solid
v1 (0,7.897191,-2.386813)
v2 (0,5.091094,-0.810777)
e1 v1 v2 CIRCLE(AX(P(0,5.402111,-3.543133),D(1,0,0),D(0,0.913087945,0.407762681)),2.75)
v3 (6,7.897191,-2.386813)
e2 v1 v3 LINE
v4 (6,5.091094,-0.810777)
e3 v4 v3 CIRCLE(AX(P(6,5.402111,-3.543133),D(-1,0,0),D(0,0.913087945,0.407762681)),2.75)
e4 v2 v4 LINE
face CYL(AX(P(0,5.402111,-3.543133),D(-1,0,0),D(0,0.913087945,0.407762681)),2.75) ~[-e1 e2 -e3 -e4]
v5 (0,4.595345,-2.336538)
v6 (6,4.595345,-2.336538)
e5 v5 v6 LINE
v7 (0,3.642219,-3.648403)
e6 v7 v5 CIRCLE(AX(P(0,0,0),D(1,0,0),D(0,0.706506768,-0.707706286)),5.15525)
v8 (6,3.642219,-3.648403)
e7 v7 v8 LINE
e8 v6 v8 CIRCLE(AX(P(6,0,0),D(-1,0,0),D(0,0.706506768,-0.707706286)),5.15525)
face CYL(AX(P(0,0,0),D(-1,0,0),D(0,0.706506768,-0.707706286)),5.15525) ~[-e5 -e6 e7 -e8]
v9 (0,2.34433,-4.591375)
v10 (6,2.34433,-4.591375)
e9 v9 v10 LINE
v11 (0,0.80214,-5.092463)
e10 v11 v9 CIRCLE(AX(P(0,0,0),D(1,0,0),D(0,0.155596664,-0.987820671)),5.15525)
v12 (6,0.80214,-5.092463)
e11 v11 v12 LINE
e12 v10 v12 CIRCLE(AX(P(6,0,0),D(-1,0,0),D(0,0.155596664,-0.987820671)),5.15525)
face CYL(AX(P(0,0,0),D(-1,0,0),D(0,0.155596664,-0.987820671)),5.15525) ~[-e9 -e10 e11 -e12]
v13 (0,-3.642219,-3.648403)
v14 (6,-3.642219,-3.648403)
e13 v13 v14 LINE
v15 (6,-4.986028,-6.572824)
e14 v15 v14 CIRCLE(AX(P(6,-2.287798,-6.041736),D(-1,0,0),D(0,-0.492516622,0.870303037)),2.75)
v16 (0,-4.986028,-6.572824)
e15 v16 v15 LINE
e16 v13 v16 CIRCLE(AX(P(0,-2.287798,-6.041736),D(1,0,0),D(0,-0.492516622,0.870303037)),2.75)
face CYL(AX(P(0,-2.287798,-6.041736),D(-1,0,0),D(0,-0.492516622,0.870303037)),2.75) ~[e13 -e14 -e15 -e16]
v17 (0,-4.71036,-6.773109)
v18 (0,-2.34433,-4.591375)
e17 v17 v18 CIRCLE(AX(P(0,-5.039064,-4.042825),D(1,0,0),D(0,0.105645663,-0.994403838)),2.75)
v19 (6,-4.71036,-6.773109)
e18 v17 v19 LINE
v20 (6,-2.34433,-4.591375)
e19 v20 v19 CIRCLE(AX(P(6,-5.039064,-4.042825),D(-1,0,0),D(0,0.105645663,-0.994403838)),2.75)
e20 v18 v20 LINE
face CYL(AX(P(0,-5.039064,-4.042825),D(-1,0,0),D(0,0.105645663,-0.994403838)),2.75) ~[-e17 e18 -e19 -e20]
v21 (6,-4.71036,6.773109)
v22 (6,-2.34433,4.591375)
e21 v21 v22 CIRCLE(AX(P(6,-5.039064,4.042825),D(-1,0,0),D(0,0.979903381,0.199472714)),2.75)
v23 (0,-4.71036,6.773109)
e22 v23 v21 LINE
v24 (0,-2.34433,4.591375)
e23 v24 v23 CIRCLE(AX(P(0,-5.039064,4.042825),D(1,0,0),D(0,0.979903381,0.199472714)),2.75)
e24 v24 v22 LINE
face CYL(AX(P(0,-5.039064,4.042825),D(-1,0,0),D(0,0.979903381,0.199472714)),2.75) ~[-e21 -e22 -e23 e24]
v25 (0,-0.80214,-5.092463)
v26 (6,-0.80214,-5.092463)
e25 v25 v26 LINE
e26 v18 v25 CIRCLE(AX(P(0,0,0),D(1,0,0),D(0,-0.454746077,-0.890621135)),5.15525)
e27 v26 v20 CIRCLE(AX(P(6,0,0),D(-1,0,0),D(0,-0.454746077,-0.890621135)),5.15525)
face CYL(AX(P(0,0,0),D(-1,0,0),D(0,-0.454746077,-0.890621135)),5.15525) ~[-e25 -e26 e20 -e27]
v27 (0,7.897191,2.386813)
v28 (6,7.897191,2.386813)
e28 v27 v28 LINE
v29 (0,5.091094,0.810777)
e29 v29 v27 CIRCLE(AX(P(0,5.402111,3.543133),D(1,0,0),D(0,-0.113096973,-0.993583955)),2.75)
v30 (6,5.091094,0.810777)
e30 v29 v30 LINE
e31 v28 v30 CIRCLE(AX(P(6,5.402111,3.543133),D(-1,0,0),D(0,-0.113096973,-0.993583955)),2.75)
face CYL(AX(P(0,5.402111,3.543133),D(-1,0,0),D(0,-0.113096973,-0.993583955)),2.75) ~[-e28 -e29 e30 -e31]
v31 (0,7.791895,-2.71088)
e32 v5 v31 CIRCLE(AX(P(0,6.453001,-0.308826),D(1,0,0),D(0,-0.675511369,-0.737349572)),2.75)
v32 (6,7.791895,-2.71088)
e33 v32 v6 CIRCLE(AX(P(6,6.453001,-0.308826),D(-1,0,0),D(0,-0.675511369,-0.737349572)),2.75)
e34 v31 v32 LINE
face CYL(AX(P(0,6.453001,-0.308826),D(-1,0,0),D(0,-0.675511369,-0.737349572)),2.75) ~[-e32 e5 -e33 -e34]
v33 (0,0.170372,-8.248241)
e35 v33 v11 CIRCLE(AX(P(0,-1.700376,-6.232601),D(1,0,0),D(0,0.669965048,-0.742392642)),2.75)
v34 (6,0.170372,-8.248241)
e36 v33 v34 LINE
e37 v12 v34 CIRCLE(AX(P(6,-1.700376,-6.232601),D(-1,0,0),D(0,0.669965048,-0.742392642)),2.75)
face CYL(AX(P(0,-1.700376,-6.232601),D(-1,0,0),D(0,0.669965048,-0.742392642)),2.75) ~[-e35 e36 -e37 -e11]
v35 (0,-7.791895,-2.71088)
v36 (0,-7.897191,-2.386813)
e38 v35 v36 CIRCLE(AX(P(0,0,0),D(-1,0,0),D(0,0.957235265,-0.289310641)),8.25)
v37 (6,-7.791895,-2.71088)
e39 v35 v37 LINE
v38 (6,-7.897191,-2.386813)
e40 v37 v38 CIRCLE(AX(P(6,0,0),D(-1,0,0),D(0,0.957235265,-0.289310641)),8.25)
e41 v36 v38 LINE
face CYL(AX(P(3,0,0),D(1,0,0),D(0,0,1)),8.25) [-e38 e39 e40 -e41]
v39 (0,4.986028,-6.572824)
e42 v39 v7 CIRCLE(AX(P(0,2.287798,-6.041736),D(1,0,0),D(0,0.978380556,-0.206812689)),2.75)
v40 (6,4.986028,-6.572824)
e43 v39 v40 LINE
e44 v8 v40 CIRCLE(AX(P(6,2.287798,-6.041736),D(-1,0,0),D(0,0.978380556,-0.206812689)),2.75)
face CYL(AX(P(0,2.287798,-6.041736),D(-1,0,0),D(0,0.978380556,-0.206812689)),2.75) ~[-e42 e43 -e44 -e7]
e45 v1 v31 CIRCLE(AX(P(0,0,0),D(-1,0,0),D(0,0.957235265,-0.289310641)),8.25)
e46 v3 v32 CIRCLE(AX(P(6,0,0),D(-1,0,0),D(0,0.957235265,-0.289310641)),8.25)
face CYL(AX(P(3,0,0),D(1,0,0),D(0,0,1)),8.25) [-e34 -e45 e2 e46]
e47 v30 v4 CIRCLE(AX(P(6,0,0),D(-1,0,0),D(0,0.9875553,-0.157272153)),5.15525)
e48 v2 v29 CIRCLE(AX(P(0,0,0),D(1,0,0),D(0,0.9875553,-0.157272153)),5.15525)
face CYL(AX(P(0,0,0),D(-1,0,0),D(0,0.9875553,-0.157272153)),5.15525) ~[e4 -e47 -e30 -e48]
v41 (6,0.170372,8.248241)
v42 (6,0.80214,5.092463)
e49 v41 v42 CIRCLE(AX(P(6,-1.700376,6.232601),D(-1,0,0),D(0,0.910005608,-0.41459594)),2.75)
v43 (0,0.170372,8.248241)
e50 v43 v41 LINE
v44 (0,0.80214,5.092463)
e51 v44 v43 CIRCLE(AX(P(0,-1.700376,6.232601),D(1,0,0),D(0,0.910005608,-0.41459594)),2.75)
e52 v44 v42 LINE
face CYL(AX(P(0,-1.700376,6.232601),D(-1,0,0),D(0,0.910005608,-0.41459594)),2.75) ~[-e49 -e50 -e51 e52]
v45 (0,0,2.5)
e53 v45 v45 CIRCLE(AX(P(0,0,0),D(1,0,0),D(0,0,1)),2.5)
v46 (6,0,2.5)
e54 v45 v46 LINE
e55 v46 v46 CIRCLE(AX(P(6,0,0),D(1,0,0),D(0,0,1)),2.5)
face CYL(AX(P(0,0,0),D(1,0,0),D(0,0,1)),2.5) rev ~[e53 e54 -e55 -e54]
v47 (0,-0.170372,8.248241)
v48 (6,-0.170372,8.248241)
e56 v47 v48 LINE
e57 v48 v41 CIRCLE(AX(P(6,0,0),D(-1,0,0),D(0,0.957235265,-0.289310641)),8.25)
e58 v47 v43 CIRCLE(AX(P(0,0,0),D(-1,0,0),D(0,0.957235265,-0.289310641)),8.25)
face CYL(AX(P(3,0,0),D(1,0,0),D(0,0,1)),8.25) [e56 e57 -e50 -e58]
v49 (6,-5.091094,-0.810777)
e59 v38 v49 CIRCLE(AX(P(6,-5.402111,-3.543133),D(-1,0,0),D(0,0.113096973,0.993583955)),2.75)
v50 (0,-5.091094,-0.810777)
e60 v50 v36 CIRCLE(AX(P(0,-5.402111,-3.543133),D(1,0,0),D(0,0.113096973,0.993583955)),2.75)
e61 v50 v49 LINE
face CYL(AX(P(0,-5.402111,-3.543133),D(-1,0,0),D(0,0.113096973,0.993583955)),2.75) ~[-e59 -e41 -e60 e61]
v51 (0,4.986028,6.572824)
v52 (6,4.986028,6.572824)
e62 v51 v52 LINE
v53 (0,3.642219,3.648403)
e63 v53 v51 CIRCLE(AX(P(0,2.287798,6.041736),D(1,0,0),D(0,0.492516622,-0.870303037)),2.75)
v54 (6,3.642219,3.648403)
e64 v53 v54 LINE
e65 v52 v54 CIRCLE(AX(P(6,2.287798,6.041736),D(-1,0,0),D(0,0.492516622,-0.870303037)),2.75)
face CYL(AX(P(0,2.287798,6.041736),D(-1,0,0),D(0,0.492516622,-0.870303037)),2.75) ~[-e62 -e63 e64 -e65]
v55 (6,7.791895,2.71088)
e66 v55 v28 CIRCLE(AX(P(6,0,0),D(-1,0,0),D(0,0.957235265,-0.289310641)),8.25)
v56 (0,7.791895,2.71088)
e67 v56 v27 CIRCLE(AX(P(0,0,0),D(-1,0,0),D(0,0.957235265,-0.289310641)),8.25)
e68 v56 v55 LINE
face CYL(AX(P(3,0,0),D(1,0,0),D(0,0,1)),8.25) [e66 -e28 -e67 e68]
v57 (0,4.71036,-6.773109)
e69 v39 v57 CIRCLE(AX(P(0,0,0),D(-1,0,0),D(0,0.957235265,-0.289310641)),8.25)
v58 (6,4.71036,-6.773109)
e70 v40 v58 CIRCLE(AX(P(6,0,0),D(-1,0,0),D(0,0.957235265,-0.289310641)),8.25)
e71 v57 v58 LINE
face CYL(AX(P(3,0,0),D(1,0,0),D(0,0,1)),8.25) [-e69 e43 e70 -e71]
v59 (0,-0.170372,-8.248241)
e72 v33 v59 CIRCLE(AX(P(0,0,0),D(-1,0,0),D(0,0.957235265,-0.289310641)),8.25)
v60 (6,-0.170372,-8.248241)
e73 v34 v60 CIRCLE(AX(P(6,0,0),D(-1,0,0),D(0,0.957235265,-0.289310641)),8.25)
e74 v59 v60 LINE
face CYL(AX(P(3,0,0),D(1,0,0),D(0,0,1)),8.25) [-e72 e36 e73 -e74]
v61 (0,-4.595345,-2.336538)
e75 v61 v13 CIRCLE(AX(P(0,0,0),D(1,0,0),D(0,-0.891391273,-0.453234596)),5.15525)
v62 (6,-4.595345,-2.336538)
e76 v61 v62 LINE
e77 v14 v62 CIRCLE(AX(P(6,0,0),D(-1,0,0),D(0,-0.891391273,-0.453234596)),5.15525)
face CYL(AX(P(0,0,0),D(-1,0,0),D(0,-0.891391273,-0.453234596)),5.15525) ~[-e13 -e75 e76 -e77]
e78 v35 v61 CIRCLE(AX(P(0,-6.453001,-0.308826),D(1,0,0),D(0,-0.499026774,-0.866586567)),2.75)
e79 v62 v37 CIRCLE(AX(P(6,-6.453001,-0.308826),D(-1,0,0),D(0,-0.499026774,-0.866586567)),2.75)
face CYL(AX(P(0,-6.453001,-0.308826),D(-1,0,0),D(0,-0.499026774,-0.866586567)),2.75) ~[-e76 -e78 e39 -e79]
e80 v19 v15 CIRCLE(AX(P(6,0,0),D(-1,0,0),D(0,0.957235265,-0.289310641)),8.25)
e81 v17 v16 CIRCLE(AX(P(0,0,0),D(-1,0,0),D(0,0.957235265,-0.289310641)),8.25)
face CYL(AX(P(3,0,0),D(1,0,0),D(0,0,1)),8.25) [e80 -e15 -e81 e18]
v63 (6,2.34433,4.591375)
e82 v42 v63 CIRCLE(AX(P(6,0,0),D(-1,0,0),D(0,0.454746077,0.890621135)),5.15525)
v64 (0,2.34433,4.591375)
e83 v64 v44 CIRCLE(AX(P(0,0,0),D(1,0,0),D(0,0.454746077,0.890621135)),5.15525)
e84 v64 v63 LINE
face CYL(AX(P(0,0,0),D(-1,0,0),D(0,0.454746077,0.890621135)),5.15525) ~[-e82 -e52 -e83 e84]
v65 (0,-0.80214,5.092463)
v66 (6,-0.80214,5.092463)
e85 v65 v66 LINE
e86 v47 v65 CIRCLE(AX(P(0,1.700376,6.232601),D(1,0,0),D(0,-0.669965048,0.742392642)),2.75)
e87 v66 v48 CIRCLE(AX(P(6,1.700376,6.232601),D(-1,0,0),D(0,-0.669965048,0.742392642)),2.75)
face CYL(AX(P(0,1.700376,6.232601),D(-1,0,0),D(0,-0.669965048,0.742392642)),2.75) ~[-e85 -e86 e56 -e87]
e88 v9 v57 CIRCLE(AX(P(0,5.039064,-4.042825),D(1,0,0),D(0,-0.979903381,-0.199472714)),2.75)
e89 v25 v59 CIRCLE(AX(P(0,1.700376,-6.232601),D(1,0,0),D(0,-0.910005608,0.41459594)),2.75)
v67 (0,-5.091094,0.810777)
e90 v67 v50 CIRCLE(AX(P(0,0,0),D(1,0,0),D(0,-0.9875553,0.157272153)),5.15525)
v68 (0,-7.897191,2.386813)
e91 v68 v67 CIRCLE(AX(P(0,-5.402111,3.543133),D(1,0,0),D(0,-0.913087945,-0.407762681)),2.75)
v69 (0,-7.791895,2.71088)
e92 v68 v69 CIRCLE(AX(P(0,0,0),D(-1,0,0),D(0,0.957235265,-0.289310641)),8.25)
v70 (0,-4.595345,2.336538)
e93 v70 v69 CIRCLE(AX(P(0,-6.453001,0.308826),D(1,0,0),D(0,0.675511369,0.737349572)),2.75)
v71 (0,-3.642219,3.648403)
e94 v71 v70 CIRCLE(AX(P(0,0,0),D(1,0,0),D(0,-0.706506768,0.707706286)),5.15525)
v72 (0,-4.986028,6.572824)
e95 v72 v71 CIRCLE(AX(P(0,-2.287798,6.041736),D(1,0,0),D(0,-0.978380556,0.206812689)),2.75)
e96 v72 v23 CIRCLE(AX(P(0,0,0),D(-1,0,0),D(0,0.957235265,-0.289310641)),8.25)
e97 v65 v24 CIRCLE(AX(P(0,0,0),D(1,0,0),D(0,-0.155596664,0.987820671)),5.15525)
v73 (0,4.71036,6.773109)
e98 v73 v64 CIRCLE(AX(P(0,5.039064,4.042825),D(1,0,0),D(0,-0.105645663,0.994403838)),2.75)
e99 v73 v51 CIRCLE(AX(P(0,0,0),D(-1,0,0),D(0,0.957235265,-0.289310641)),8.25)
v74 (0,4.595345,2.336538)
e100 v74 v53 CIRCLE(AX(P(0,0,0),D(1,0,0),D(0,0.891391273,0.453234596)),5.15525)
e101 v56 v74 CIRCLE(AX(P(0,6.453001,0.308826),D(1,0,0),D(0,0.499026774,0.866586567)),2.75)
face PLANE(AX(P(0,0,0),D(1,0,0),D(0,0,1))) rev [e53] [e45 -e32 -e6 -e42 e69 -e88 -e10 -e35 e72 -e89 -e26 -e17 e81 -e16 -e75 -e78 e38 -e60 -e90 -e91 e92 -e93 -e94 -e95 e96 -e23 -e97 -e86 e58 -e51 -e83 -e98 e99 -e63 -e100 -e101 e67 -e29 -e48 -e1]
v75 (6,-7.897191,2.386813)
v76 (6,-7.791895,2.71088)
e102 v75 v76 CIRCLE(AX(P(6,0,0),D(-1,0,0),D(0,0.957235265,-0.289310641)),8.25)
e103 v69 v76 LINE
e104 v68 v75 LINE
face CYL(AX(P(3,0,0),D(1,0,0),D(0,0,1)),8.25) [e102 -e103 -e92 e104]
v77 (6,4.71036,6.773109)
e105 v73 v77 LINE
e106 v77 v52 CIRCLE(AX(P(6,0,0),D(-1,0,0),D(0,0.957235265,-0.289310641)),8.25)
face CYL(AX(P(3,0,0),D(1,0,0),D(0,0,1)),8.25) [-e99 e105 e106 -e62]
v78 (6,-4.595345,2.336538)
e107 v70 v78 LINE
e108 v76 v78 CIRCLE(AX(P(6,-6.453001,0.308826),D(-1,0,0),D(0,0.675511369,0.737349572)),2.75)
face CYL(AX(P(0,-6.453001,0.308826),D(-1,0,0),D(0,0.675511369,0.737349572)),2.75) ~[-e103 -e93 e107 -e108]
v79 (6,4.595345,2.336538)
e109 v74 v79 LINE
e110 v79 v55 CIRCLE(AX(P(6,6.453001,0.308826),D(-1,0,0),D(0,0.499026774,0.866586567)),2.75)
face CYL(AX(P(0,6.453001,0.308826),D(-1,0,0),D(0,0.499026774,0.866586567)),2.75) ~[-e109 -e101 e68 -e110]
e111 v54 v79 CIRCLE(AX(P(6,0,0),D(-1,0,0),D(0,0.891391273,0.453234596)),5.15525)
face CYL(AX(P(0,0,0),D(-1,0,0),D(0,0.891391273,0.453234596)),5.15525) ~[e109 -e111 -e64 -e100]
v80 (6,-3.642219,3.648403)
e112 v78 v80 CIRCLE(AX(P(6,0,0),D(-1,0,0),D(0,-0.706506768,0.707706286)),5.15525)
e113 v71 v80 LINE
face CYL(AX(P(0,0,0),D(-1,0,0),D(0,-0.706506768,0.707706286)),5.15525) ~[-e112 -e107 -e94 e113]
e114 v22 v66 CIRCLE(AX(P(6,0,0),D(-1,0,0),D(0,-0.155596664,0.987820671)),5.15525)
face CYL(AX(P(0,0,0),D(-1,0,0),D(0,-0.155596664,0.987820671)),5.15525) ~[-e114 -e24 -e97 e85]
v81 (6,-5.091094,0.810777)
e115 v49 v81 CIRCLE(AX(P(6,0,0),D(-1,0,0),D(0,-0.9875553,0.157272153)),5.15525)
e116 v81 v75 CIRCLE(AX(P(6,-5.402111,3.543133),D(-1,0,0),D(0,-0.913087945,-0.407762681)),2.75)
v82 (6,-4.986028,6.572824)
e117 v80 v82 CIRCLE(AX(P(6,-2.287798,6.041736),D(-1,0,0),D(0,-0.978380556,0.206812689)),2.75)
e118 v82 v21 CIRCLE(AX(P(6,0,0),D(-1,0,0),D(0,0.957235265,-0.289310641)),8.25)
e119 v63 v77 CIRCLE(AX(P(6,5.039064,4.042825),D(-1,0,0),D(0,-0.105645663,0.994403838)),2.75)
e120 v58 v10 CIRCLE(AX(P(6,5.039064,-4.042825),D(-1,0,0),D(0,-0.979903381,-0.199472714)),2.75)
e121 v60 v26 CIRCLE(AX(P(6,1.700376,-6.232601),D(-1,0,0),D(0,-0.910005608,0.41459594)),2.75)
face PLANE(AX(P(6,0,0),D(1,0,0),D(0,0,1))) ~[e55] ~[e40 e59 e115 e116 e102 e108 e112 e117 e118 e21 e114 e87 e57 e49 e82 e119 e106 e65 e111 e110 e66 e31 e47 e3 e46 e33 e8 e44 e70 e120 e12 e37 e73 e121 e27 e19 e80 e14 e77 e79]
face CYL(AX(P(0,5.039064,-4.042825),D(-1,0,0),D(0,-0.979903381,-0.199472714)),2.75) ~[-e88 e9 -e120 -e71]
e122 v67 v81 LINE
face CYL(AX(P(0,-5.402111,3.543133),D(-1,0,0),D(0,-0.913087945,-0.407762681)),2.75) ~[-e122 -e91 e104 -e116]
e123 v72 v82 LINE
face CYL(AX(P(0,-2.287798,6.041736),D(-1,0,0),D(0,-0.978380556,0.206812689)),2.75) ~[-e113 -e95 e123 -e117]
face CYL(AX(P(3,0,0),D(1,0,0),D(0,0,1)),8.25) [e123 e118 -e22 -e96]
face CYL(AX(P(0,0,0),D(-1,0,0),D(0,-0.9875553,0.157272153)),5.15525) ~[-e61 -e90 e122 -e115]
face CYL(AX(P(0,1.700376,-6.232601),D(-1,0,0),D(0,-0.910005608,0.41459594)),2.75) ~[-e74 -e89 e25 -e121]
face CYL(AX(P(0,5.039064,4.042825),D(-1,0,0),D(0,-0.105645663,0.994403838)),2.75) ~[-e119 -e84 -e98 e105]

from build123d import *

# Parameters (mm, degrees)
BASPROSKE_W     = 6
BASPROSKE_H     = 8.25
TOOTHCUT_DEPTH  = 14.119641763
TEETHCUTS_COUNT = 10
TEETHCUTS_ANGLE = 324
BORSKE_R        = 2.5
BORE_DEPTH      = 50.0000508


with BuildPart() as part:
    # BasProSke → Base-Revolve (revolve)
    with BuildSketch(Plane(origin=(0, 0, 0), x_dir=(1, 0, 0), z_dir=(0, 1, 0)), mode=Mode.PRIVATE) as base_revolve_sk:
        with Locations((3, 4.125)):
            Rectangle(BASPROSKE_W, BASPROSKE_H)
    revolve(base_revolve_sk.sketch.rotate(Axis((-10, 0, 0), (1, 0, 0)), 180), axis=Axis((-10, 0, 0), (1, 0, 0)))

    # TooCutSke → ToothCut (cut, through all)
    with BuildSketch(Plane(origin=(0, 0, 0), x_dir=(0, 0, -1), z_dir=(1, 0, 0))):
        with BuildLine():
            ThreePointArc((0.810777273, 5.091094458), (0, 5.15525), (-0.810777273, 5.091094458))
            ThreePointArc((-0.810777273, 5.091094458), (-1.154893166, 6.765492881), (-2.421785774, 7.913102983))
            ThreePointArc((-2.421785774, 7.913102983), (0, 8.2754), (2.421785774, 7.913102983))
            ThreePointArc((2.421785774, 7.913102983), (1.154893166, 6.765492881), (0.810777273, 5.091094458))
        make_face()
    toothcut = extrude(amount=TOOTHCUT_DEPTH, mode=Mode.SUBTRACT)

    # TeethCuts: ToothCut ×10 about axis
    teethcuts_axis = Axis((-10, 0, 0), (1, 0, 0))
    for i in range(1, TEETHCUTS_COUNT):
        add(toothcut.rotate(teethcuts_axis, i * TEETHCUTS_ANGLE / (TEETHCUTS_COUNT - 1)), mode=Mode.SUBTRACT)

    # BorSke → Bore (cut, symmetric)
    with BuildSketch(Plane(origin=(0, 0, 0), x_dir=(0, 0, -1), z_dir=(1, 0, 0))):
        with Locations(Location((0, 0, 0), (0, 0, 180))):
            Circle(BORSKE_R)
    extrude(amount=BORE_DEPTH, both=True, mode=Mode.SUBTRACT)


solid = part.part
